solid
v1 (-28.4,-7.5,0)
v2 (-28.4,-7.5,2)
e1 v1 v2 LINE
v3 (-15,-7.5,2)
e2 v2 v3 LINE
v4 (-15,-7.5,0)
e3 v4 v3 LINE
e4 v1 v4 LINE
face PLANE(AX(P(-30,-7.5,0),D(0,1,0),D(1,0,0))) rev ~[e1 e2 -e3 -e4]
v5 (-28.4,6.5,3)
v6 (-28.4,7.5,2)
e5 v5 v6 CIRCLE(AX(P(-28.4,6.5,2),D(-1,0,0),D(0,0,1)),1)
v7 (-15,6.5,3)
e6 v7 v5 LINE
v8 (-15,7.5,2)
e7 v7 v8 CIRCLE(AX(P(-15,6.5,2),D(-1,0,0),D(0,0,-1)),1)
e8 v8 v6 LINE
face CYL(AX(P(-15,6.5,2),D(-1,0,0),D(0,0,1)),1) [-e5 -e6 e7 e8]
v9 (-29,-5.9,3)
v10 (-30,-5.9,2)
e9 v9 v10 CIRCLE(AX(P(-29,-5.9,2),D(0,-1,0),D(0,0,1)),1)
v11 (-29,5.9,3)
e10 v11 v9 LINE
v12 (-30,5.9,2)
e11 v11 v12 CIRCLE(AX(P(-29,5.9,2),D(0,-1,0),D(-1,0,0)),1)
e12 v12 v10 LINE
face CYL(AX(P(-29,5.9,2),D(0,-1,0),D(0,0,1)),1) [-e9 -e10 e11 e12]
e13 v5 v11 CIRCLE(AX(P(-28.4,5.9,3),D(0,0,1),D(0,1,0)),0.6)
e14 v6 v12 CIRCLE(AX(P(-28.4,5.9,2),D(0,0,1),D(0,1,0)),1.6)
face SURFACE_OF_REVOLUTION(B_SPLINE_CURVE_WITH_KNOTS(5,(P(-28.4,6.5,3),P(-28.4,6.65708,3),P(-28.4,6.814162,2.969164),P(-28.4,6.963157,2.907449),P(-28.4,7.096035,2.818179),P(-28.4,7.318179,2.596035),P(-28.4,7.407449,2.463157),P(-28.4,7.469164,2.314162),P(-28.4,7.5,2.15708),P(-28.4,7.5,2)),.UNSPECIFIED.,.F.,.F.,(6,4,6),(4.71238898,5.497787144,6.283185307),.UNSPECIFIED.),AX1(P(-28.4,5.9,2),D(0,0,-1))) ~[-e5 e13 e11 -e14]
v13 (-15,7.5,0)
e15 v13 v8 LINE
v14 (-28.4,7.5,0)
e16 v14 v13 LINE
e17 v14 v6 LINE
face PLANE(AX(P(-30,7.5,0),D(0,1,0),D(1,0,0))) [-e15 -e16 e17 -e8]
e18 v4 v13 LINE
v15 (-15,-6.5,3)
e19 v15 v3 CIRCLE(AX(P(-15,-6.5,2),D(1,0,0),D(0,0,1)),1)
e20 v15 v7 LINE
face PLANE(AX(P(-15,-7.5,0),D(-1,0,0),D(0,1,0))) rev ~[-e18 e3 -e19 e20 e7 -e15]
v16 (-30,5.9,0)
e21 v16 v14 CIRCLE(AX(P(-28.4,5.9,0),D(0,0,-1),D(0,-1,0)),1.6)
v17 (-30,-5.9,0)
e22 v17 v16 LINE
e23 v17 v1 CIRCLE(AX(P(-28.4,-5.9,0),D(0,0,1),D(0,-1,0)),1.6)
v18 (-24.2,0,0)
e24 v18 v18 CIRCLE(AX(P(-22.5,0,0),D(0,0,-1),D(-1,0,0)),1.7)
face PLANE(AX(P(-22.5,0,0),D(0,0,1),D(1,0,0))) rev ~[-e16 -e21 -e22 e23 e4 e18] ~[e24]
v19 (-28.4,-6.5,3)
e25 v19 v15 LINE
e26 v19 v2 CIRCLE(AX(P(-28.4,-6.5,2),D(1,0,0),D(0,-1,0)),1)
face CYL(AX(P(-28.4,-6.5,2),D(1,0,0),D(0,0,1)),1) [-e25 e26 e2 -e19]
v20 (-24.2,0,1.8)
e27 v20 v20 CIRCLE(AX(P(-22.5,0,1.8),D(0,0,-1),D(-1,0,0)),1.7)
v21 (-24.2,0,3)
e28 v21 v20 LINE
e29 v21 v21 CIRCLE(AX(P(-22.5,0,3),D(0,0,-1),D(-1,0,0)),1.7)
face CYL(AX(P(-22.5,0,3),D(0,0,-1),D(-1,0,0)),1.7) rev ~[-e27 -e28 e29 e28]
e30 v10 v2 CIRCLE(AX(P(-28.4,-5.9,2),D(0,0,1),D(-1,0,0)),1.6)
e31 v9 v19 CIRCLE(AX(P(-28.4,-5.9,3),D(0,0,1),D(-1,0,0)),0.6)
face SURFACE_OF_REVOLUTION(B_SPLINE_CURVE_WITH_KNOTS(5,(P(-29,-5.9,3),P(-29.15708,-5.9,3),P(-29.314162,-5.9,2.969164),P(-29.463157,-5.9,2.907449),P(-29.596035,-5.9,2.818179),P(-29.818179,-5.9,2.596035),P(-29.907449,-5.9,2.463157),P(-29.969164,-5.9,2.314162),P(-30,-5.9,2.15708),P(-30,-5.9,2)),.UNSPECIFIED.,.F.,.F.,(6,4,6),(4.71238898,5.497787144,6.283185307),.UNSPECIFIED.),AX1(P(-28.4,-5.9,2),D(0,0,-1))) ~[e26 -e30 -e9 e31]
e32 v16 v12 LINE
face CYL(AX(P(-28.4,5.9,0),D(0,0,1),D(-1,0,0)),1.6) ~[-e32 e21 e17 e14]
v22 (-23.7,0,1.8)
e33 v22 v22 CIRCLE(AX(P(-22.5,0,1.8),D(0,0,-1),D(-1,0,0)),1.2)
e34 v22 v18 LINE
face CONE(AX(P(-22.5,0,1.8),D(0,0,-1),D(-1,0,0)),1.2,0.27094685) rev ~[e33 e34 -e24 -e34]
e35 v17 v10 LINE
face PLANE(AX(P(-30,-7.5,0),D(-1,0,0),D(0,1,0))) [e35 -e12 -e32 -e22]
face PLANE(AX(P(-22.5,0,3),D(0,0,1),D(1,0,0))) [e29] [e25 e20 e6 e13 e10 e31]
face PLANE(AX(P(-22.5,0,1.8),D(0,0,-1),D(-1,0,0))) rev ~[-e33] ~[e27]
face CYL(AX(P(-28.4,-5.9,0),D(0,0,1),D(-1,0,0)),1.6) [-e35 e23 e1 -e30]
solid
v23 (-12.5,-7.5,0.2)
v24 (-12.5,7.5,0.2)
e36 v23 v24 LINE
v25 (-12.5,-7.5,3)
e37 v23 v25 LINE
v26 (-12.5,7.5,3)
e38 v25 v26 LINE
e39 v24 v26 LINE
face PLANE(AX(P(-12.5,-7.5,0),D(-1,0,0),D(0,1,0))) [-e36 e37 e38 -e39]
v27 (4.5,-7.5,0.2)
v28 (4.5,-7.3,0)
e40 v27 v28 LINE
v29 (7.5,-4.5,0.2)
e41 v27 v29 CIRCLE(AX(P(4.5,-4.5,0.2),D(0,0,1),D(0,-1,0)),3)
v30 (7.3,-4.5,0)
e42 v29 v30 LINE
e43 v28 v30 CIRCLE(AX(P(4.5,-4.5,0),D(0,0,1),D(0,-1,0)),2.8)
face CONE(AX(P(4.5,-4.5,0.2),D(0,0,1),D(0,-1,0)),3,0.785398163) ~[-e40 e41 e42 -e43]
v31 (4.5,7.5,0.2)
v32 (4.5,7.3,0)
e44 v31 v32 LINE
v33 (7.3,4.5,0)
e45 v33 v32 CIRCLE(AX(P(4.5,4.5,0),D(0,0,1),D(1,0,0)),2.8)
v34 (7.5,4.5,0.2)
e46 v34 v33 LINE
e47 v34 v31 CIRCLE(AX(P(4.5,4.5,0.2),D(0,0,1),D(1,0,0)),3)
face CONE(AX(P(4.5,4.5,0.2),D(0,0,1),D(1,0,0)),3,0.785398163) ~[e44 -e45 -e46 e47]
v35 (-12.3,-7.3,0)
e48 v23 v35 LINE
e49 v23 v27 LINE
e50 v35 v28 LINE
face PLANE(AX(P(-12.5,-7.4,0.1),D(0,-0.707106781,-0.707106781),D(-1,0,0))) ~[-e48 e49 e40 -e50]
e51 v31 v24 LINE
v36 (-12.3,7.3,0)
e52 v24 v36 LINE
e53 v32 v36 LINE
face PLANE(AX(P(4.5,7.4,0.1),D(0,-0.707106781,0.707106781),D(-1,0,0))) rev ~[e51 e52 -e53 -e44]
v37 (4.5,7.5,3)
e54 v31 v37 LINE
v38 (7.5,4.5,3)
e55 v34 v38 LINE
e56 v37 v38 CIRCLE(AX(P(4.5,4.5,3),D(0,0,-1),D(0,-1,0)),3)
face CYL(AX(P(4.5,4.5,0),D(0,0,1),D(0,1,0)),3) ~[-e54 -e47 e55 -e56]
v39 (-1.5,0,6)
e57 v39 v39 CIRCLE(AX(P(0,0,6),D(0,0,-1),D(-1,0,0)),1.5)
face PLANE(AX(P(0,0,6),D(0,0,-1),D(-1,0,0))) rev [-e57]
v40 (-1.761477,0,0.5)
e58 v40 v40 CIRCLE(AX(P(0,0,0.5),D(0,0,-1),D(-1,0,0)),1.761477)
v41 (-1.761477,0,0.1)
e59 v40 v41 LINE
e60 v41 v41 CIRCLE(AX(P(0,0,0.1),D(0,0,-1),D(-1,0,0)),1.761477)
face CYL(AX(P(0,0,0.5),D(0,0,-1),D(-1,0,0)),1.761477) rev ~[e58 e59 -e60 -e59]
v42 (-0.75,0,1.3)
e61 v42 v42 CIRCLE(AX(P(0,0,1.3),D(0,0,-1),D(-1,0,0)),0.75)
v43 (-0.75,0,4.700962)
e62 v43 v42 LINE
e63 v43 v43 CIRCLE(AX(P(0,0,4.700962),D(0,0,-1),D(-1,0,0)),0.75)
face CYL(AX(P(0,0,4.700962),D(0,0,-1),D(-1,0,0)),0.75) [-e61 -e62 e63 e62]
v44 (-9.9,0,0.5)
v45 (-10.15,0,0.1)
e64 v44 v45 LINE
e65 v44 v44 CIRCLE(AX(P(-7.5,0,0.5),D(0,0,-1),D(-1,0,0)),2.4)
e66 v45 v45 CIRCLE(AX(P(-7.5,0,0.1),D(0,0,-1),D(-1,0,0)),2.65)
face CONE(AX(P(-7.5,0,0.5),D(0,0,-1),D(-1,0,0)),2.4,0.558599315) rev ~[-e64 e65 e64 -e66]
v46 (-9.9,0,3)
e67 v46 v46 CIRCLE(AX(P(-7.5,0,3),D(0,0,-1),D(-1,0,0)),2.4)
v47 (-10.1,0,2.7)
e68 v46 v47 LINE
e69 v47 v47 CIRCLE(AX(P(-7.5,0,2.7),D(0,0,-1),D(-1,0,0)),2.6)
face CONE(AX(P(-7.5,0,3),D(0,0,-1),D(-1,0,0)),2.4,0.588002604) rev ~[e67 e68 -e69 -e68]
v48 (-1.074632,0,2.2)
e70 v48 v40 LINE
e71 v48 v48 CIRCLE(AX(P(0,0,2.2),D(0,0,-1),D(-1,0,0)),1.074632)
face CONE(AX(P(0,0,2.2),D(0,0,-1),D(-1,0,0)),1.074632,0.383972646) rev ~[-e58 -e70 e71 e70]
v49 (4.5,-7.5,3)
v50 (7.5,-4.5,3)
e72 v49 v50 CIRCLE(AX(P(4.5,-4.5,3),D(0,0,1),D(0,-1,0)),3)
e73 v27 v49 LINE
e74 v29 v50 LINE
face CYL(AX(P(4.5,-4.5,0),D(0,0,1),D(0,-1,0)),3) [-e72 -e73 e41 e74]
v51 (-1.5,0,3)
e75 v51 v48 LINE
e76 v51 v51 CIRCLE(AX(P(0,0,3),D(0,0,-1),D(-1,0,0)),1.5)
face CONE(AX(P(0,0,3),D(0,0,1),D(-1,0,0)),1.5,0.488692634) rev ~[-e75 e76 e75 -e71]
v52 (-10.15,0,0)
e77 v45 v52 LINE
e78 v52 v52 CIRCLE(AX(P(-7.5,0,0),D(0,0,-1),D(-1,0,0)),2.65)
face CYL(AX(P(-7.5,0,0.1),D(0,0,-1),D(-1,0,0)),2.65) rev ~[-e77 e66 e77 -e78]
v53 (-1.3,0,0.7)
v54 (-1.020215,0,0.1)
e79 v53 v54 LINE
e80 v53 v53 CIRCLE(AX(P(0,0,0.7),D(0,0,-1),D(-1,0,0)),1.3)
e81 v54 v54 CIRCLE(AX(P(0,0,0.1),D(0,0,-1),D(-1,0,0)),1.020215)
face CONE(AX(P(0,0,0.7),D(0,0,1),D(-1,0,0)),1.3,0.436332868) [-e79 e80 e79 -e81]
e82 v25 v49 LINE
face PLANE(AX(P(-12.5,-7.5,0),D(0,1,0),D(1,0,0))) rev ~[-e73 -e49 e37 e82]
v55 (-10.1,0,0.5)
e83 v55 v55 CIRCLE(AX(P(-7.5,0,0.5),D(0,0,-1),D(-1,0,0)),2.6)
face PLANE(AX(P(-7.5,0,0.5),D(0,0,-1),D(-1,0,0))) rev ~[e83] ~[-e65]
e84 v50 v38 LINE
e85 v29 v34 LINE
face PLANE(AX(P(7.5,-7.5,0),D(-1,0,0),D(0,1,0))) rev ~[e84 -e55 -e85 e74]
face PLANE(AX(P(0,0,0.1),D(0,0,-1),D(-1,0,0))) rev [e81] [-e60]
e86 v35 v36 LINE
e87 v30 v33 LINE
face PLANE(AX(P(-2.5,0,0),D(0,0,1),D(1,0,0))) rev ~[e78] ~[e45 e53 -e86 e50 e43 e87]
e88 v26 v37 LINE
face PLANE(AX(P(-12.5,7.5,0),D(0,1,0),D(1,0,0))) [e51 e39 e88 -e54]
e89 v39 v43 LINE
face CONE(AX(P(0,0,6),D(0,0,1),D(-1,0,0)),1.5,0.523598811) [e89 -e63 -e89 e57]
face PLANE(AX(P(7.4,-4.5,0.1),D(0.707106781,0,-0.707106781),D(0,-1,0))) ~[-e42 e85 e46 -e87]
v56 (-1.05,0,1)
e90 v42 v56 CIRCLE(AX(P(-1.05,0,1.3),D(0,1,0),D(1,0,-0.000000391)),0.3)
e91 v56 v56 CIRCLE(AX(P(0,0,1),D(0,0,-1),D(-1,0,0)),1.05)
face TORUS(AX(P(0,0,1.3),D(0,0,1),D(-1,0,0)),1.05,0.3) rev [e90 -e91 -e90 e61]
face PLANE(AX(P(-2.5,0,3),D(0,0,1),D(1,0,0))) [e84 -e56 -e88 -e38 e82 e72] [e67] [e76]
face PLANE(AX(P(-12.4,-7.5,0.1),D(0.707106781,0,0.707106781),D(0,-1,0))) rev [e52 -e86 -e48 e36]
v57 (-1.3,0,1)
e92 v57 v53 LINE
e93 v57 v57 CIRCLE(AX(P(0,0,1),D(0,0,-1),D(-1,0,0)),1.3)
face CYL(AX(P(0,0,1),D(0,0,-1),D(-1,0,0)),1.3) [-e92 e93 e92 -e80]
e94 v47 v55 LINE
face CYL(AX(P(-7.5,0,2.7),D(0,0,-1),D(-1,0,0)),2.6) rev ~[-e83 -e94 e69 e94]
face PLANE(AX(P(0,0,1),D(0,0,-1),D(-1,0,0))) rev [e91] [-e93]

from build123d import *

# Parameters (mm, degrees)
F0_W     = 20
F0_H     = 15
F1_DEPTH = 3
F6_W     = 15
F6_H     = 15
F7_DEPTH = 3
F10_R    = 3
F11_SIZE = 0.2
F12_R    = 1.6
F13_R    = 1


with BuildPart() as f1:
    # F0 (on Top) → F1 (new body)
    with BuildSketch(Plane.XY):
        with Locations((-2.5, 0)):
            Rectangle(F0_W, F0_H)
    extrude(amount=F1_DEPTH)

    # F2 (on Front) → F3 (revolve, cut)
    with BuildSketch(Plane.XZ):
        Polygon((-1.761477, 0.5), (-1.761477, 0), (0, 0), (0, 3), (-1.5, 3), (-1.074632, 2.2), align=None)
    revolve(axis=Axis((0, 0, 1.600896), (0, 0, -1)), mode=Mode.SUBTRACT)

    # F4 (on Front) → F5 (revolve)
    with BuildSketch(Plane.XZ):
        with BuildLine():
            Line((0, 0), (0, 6))
            Line((0, 6), (-1.5, 6))
            Line((-1.5, 6), (-0.75, 4.700962))
            Line((-0.75, 4.700962), (-0.75, 1.3))
            ThreePointArc((-0.75, 1.3), (-0.837868, 1.087868), (-1.05, 1))
            Line((-1.05, 1), (-1.3, 1))
            Line((-1.3, 1), (-1.3, 0.7))
            Line((-1.3, 0.7), (-1.020215, 0.1))
            Line((-1.020215, 0.1), (-2.5, 0.1))
            Line((-2.5, 0.1), (-2.5, 0))
            Line((-2.5, 0), (0, 0))
        make_face()
    revolve(axis=Axis((0, 0, 3.129984), (0, 0, -1)))

    # F10
    f10_edges = [f1.edges().sort_by_distance(p)[0] for p in [
        (7.5, -7.5, 1.5),
        (7.5, 7.5, 1.5),
    ]]
    fillet(f10_edges, radius=F10_R)

    # F11
    f11_edges = [f1.edges().sort_by_distance(p)[0] for p in [
        (7.5, 0, 0),
        (-4, -7.5, 0),
        (-12.5, 0, 0),
        (-4, 7.5, 0),
    ]]
    chamfer(f11_edges, length=F11_SIZE)

    # F14 (on Front) → F15 (revolve, cut)
    with BuildSketch(Plane.XZ):
        Polygon((-10.1, 2.7), (-10.1, 0.5), (-9.9, 0.5), (-10.15, 0.1), (-10.15, 0), (-7.5, 0), (-7.5, 3), (-9.9, 3), align=None)
    revolve(axis=Axis((-7.5, 0, 0.24304), (0, 0, -1)), mode=Mode.SUBTRACT)


with BuildPart() as f7:
    # F6 (on Top) → F7 (new body)
    with BuildSketch(Plane.XY):
        with Locations((-22.5, 0)):
            Rectangle(F6_W, F6_H)
    extrude(amount=F7_DEPTH)

    # F8 (on Front) → F9 (revolve, cut)
    with BuildSketch(Plane.XZ):
        Polygon((-22.5, 0), (-22.5, 3), (-24.2, 3), (-24.2, 1.8), (-23.7, 1.8), (-24.2, 0), align=None)
    revolve(axis=Axis((-22.5, 0, 0.614696), (0, 0, -1)), mode=Mode.SUBTRACT)

    # F12
    f12_edges = [f7.edges().sort_by_distance(p)[0] for p in [
        (-30, -7.5, 1.5),
        (-30, 7.5, 1.5),
    ]]
    fillet(f12_edges, radius=F12_R)

    # F13
    f13_edges = [f7.edges().sort_by_distance(p)[0] for p in [
        (-21.7, -7.5, 3),
    ]]
    fillet(f13_edges, radius=F13_R)


solid = Compound([f1.part, f7.part])
